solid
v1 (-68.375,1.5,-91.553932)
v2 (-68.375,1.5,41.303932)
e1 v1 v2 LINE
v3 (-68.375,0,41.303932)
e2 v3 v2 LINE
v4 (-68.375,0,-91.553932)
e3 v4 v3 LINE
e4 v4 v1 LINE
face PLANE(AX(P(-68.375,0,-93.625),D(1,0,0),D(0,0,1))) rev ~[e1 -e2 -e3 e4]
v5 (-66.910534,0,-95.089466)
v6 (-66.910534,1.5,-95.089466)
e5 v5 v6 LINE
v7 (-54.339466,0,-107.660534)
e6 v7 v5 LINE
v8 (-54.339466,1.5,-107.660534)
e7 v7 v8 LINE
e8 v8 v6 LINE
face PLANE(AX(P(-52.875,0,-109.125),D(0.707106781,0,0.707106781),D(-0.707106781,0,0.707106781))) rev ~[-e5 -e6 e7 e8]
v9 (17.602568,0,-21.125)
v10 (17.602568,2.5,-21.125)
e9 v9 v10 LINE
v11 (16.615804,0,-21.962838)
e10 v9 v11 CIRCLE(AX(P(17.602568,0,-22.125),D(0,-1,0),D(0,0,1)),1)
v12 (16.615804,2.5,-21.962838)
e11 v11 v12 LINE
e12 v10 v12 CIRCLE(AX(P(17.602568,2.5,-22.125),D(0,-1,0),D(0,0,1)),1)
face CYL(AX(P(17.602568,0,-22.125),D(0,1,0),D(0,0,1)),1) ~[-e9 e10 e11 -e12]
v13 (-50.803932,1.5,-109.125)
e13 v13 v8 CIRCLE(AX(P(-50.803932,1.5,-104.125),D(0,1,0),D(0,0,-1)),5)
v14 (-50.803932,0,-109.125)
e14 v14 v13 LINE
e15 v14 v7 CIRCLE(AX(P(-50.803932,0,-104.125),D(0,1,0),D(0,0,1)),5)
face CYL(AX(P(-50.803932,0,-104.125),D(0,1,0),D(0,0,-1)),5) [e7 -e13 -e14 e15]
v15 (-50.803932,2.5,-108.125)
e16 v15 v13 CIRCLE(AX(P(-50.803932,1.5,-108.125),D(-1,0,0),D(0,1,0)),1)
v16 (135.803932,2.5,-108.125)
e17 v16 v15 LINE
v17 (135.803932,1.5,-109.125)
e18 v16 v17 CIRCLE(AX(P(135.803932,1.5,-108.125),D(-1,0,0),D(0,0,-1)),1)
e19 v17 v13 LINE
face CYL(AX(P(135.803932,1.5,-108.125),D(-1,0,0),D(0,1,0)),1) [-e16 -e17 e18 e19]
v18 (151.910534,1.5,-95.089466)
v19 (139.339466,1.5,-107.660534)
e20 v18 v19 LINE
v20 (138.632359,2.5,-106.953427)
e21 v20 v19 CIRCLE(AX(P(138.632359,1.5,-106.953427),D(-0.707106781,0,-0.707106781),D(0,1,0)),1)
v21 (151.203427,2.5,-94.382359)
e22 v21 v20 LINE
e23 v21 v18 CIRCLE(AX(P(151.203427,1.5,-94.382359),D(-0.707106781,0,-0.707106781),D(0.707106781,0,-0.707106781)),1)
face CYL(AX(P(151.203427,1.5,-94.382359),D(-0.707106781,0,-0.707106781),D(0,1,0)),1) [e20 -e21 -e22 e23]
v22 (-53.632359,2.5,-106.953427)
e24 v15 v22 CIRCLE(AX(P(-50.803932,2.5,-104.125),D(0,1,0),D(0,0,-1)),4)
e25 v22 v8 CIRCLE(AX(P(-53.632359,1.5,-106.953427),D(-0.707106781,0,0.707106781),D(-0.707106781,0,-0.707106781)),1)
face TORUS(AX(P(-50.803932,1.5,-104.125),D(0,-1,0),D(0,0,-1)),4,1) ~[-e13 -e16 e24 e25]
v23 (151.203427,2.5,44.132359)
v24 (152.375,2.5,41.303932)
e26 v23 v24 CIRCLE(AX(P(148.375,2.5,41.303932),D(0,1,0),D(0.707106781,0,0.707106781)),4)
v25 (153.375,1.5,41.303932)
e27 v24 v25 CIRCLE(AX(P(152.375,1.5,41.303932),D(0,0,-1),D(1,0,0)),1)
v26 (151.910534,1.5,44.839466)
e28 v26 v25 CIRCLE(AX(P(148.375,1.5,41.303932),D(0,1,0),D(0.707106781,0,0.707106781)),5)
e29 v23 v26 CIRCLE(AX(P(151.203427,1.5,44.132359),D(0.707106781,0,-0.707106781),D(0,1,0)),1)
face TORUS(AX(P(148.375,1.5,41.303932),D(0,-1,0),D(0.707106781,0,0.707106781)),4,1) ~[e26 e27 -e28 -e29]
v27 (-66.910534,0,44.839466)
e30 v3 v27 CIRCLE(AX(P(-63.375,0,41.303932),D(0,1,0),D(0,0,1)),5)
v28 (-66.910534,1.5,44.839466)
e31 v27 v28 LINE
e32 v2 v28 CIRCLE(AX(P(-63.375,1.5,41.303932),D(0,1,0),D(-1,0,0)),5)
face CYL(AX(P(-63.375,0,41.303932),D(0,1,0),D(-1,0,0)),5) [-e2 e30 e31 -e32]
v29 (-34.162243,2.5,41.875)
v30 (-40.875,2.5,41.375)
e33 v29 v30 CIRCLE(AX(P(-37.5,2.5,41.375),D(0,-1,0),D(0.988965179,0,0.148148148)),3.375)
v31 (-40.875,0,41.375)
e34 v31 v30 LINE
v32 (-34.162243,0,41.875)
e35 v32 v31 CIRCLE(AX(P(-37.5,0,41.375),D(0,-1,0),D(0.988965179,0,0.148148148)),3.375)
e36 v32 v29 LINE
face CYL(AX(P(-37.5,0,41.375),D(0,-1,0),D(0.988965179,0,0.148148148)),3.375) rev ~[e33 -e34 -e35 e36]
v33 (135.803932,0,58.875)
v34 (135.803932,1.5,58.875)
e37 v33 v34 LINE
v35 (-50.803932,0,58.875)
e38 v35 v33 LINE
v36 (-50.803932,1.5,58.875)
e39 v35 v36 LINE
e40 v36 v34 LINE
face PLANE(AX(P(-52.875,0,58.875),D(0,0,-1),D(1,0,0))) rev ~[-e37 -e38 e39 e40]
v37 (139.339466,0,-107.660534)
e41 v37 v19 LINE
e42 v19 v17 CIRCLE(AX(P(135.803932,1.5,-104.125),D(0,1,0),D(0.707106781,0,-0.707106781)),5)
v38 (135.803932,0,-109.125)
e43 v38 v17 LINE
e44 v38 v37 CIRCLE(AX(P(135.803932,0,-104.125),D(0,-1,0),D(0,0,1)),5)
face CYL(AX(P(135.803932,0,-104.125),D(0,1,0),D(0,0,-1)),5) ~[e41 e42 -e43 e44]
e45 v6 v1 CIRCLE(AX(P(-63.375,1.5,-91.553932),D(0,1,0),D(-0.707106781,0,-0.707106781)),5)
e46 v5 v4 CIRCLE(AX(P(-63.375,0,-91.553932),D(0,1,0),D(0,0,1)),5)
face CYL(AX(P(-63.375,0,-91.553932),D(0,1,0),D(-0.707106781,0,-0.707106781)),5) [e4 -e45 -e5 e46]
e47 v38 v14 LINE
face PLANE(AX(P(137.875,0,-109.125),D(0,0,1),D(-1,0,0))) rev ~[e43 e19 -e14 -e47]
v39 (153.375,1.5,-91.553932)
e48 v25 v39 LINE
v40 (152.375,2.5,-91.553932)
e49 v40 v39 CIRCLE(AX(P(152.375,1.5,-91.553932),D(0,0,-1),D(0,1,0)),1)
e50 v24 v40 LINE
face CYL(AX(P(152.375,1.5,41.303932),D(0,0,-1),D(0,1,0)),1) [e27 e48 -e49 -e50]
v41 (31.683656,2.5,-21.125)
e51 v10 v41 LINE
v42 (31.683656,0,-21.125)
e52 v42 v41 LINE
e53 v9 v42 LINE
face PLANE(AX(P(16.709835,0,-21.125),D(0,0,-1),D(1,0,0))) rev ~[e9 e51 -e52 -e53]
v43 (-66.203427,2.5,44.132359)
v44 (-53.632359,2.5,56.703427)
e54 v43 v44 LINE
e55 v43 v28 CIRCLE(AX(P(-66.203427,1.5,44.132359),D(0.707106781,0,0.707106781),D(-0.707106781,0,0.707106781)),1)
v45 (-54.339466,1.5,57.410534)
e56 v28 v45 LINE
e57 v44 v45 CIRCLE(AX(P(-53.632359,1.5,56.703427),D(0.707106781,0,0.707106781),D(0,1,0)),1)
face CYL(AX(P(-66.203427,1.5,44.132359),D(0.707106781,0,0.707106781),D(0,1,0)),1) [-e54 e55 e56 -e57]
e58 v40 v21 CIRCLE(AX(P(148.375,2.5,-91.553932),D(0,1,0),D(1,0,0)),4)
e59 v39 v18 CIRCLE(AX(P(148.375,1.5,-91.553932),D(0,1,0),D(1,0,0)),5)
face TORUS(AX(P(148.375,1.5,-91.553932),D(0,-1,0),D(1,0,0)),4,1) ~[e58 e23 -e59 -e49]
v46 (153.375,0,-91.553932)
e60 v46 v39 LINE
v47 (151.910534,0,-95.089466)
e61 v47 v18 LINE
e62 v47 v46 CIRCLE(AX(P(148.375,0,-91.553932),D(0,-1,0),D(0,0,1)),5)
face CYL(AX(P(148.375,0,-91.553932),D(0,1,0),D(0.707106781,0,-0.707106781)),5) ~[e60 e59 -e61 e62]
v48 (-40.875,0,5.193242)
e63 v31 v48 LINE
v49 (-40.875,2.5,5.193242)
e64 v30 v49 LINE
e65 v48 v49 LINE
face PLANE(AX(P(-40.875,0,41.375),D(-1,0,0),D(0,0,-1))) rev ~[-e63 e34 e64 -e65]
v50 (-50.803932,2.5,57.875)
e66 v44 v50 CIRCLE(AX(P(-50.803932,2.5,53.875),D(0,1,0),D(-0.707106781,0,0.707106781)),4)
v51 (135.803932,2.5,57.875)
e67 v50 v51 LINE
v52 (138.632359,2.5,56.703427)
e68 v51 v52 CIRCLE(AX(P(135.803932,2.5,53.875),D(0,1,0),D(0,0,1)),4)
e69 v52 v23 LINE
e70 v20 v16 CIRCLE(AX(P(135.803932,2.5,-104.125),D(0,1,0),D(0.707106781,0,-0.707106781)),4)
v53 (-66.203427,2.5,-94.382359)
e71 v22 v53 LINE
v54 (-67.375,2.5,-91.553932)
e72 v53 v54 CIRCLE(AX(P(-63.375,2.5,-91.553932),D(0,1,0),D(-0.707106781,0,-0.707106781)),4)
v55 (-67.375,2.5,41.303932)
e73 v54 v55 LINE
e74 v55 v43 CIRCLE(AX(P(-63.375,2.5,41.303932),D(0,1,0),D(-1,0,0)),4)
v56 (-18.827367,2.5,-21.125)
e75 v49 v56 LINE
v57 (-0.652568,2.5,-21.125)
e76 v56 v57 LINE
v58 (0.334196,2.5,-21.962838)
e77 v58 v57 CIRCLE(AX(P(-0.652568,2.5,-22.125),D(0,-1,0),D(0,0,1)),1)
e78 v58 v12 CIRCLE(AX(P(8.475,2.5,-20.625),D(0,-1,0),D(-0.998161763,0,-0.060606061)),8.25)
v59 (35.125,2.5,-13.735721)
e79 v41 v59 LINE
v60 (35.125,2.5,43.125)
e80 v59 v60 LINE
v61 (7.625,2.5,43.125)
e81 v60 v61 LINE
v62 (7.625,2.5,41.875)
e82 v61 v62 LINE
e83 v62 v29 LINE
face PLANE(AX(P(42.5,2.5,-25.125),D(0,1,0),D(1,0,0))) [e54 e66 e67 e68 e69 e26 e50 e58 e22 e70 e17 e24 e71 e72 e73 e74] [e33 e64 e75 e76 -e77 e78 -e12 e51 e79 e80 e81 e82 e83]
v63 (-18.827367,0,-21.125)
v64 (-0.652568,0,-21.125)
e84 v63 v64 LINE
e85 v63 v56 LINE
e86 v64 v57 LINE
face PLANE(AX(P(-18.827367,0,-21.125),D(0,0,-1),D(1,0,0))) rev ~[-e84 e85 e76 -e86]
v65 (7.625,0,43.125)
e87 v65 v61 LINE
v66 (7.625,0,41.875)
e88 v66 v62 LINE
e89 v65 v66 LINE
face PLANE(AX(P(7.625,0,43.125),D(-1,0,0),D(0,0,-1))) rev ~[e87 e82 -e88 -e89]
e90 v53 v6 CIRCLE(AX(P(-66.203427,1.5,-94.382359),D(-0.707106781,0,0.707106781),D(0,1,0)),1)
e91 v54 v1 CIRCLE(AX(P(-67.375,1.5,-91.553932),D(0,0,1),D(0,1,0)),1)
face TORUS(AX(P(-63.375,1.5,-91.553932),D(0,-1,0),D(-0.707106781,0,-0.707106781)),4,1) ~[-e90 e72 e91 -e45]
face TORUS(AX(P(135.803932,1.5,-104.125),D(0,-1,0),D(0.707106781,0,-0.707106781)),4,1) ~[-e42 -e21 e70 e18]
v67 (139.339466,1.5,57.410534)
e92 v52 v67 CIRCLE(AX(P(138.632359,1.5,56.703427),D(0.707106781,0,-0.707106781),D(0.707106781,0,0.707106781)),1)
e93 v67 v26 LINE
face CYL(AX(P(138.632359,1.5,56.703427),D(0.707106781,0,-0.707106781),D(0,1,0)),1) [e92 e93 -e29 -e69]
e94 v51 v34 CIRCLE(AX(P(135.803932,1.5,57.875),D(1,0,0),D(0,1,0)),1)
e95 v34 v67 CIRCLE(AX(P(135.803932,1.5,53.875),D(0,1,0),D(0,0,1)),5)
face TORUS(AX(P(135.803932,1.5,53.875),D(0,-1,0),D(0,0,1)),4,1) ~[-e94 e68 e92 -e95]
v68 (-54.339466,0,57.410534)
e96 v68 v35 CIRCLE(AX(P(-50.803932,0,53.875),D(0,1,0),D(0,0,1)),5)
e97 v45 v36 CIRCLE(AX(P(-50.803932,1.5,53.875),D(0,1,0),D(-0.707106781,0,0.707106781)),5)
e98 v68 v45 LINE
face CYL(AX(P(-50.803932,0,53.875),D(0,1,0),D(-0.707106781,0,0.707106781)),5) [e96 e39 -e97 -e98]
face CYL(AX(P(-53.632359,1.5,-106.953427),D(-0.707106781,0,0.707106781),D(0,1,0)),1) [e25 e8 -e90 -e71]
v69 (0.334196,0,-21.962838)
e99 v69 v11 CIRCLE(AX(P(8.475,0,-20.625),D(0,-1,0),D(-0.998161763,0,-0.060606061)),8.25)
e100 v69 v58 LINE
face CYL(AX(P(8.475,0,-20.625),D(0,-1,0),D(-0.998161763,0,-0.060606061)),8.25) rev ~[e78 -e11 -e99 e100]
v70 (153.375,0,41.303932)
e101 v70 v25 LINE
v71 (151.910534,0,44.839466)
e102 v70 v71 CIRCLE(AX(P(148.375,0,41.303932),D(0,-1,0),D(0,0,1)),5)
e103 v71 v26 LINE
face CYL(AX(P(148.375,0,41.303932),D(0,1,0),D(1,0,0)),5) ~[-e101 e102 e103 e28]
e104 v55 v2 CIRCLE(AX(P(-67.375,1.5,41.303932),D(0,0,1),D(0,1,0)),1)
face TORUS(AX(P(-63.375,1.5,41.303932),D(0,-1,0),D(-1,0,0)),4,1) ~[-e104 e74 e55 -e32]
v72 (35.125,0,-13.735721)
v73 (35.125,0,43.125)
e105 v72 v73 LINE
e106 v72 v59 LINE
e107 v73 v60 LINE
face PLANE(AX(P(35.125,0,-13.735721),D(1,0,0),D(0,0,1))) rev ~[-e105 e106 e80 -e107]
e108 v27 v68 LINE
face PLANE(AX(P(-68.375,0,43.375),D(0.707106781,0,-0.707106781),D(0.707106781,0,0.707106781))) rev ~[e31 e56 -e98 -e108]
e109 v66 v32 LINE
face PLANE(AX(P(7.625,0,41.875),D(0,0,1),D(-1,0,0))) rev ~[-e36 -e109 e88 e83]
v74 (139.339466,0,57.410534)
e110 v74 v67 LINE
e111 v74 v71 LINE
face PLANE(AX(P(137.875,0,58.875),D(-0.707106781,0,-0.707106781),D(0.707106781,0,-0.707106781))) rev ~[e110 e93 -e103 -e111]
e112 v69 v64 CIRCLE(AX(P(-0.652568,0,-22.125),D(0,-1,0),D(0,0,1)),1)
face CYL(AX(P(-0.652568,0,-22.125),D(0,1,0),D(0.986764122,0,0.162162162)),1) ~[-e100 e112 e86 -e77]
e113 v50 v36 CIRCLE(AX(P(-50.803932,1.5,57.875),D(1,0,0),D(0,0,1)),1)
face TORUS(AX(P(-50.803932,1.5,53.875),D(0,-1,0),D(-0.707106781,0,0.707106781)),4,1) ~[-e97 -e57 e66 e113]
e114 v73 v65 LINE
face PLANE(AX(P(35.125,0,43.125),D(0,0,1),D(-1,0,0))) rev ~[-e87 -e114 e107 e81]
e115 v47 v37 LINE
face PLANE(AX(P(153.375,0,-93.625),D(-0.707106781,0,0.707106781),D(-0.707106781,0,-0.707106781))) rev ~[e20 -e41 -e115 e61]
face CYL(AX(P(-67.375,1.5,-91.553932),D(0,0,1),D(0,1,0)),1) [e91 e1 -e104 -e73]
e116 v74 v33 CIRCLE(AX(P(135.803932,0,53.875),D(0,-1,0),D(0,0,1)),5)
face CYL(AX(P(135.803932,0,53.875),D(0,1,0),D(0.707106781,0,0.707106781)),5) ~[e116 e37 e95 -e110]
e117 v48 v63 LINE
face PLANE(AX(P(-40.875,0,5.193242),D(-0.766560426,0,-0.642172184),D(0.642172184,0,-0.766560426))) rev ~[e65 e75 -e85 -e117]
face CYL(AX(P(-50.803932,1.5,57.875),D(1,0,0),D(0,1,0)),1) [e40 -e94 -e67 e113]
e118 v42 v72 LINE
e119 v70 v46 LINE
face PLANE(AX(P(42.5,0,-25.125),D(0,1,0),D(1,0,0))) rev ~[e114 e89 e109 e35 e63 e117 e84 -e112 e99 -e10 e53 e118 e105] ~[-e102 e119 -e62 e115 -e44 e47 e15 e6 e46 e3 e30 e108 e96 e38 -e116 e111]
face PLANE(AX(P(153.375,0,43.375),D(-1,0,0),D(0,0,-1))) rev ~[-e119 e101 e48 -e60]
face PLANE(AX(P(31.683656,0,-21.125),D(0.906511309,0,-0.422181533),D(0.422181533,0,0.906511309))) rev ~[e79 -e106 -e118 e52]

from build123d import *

# Parameters (mm, degrees)
BOSS_EXTRUDE1_DEPTH = 2.5
FILLET2_R           = 5
FILLET3_R           = 1


with BuildPart() as part:
    # Sketch1 → Boss-Extrude1 (new body)
    with BuildSketch(Plane(origin=(0, 0, 0), x_dir=(1, 0, 0), z_dir=(0, 1, 0))):
        Polygon((137.875, 109.125), (-52.875, 109.125), (-68.375, 93.625), (-68.375, -43.375), (-52.875, -58.875), (137.875, -58.875), (153.375, -43.375), (153.375, 93.625), align=None)
        with BuildLine():
            Line((-40.875, -5.193242225), (-18.827366795, 21.125))
            Line((-18.827366795, 21.125), (0.240165454, 21.125))
            ThreePointArc((0.240165454, 21.125), (8.475, 28.875), (16.709834546, 21.125))
            Line((16.709834546, 21.125), (31.683656114, 21.125))
            Line((31.683656114, 21.125), (35.125, 13.735720962))
            Line((35.125, 13.735720962), (35.125, -43.125))
            Line((35.125, -43.125), (7.625, -43.125))
            Line((7.625, -43.125), (7.625, -41.875))
            Line((7.625, -41.875), (-34.162242519, -41.875))
            ThreePointArc((-34.162242519, -41.875), (-37.750692543, -44.740676492), (-40.875, -41.375))
            Line((-40.875, -41.375), (-40.875, -5.193242225))
        make_face(mode=Mode.SUBTRACT)
    extrude(amount=BOSS_EXTRUDE1_DEPTH)

    # Fillet2
    fillet2_edges = [part.edges().sort_by_distance(p)[0] for p in [
        (-68.375, 1.25, 43.375),
        (-68.375, 1.25, -93.625),
        (-52.875, 1.25, -109.125),
        (137.875, 1.25, -109.125),
        (153.375, 1.25, -93.625),
        (153.375, 1.25, 43.375),
        (137.875, 1.25, 58.875),
        (-52.875, 1.25, 58.875),
    ]]
    fillet(fillet2_edges, radius=FILLET2_R)

    # Fillet3
    fillet3_edges = [part.edges().sort_by_distance(p)[0] for p in [
        (16.709834546, 1.25, -21.125),
        (0.240165454, 1.25, -21.125),
        (-68.375, 2.5, -25.125),
        (-60.625, 2.5, -101.375),
        (-60.625, 2.5, 51.125),
        (42.5, 2.5, 58.875),
        (145.625, 2.5, 51.125),
        (153.375, 2.5, -25.125),
        (145.625, 2.5, -101.375),
        (42.5, 2.5, -109.125),
        (-67.994397663, 2.5, 43.21734935),
        (-52.71734935, 2.5, 58.494397663),
        (137.71734935, 2.5, 58.494397663),
        (152.994397663, 2.5, 43.21734935),
        (137.71734935, 2.5, -108.744397663),
        (152.994397663, 2.5, -93.46734935),
        (-52.71734935, 2.5, -108.744397663),
        (-67.994397663, 2.5, -93.46734935),
    ]]
    fillet(fillet3_edges, radius=FILLET3_R)


solid = part.part
